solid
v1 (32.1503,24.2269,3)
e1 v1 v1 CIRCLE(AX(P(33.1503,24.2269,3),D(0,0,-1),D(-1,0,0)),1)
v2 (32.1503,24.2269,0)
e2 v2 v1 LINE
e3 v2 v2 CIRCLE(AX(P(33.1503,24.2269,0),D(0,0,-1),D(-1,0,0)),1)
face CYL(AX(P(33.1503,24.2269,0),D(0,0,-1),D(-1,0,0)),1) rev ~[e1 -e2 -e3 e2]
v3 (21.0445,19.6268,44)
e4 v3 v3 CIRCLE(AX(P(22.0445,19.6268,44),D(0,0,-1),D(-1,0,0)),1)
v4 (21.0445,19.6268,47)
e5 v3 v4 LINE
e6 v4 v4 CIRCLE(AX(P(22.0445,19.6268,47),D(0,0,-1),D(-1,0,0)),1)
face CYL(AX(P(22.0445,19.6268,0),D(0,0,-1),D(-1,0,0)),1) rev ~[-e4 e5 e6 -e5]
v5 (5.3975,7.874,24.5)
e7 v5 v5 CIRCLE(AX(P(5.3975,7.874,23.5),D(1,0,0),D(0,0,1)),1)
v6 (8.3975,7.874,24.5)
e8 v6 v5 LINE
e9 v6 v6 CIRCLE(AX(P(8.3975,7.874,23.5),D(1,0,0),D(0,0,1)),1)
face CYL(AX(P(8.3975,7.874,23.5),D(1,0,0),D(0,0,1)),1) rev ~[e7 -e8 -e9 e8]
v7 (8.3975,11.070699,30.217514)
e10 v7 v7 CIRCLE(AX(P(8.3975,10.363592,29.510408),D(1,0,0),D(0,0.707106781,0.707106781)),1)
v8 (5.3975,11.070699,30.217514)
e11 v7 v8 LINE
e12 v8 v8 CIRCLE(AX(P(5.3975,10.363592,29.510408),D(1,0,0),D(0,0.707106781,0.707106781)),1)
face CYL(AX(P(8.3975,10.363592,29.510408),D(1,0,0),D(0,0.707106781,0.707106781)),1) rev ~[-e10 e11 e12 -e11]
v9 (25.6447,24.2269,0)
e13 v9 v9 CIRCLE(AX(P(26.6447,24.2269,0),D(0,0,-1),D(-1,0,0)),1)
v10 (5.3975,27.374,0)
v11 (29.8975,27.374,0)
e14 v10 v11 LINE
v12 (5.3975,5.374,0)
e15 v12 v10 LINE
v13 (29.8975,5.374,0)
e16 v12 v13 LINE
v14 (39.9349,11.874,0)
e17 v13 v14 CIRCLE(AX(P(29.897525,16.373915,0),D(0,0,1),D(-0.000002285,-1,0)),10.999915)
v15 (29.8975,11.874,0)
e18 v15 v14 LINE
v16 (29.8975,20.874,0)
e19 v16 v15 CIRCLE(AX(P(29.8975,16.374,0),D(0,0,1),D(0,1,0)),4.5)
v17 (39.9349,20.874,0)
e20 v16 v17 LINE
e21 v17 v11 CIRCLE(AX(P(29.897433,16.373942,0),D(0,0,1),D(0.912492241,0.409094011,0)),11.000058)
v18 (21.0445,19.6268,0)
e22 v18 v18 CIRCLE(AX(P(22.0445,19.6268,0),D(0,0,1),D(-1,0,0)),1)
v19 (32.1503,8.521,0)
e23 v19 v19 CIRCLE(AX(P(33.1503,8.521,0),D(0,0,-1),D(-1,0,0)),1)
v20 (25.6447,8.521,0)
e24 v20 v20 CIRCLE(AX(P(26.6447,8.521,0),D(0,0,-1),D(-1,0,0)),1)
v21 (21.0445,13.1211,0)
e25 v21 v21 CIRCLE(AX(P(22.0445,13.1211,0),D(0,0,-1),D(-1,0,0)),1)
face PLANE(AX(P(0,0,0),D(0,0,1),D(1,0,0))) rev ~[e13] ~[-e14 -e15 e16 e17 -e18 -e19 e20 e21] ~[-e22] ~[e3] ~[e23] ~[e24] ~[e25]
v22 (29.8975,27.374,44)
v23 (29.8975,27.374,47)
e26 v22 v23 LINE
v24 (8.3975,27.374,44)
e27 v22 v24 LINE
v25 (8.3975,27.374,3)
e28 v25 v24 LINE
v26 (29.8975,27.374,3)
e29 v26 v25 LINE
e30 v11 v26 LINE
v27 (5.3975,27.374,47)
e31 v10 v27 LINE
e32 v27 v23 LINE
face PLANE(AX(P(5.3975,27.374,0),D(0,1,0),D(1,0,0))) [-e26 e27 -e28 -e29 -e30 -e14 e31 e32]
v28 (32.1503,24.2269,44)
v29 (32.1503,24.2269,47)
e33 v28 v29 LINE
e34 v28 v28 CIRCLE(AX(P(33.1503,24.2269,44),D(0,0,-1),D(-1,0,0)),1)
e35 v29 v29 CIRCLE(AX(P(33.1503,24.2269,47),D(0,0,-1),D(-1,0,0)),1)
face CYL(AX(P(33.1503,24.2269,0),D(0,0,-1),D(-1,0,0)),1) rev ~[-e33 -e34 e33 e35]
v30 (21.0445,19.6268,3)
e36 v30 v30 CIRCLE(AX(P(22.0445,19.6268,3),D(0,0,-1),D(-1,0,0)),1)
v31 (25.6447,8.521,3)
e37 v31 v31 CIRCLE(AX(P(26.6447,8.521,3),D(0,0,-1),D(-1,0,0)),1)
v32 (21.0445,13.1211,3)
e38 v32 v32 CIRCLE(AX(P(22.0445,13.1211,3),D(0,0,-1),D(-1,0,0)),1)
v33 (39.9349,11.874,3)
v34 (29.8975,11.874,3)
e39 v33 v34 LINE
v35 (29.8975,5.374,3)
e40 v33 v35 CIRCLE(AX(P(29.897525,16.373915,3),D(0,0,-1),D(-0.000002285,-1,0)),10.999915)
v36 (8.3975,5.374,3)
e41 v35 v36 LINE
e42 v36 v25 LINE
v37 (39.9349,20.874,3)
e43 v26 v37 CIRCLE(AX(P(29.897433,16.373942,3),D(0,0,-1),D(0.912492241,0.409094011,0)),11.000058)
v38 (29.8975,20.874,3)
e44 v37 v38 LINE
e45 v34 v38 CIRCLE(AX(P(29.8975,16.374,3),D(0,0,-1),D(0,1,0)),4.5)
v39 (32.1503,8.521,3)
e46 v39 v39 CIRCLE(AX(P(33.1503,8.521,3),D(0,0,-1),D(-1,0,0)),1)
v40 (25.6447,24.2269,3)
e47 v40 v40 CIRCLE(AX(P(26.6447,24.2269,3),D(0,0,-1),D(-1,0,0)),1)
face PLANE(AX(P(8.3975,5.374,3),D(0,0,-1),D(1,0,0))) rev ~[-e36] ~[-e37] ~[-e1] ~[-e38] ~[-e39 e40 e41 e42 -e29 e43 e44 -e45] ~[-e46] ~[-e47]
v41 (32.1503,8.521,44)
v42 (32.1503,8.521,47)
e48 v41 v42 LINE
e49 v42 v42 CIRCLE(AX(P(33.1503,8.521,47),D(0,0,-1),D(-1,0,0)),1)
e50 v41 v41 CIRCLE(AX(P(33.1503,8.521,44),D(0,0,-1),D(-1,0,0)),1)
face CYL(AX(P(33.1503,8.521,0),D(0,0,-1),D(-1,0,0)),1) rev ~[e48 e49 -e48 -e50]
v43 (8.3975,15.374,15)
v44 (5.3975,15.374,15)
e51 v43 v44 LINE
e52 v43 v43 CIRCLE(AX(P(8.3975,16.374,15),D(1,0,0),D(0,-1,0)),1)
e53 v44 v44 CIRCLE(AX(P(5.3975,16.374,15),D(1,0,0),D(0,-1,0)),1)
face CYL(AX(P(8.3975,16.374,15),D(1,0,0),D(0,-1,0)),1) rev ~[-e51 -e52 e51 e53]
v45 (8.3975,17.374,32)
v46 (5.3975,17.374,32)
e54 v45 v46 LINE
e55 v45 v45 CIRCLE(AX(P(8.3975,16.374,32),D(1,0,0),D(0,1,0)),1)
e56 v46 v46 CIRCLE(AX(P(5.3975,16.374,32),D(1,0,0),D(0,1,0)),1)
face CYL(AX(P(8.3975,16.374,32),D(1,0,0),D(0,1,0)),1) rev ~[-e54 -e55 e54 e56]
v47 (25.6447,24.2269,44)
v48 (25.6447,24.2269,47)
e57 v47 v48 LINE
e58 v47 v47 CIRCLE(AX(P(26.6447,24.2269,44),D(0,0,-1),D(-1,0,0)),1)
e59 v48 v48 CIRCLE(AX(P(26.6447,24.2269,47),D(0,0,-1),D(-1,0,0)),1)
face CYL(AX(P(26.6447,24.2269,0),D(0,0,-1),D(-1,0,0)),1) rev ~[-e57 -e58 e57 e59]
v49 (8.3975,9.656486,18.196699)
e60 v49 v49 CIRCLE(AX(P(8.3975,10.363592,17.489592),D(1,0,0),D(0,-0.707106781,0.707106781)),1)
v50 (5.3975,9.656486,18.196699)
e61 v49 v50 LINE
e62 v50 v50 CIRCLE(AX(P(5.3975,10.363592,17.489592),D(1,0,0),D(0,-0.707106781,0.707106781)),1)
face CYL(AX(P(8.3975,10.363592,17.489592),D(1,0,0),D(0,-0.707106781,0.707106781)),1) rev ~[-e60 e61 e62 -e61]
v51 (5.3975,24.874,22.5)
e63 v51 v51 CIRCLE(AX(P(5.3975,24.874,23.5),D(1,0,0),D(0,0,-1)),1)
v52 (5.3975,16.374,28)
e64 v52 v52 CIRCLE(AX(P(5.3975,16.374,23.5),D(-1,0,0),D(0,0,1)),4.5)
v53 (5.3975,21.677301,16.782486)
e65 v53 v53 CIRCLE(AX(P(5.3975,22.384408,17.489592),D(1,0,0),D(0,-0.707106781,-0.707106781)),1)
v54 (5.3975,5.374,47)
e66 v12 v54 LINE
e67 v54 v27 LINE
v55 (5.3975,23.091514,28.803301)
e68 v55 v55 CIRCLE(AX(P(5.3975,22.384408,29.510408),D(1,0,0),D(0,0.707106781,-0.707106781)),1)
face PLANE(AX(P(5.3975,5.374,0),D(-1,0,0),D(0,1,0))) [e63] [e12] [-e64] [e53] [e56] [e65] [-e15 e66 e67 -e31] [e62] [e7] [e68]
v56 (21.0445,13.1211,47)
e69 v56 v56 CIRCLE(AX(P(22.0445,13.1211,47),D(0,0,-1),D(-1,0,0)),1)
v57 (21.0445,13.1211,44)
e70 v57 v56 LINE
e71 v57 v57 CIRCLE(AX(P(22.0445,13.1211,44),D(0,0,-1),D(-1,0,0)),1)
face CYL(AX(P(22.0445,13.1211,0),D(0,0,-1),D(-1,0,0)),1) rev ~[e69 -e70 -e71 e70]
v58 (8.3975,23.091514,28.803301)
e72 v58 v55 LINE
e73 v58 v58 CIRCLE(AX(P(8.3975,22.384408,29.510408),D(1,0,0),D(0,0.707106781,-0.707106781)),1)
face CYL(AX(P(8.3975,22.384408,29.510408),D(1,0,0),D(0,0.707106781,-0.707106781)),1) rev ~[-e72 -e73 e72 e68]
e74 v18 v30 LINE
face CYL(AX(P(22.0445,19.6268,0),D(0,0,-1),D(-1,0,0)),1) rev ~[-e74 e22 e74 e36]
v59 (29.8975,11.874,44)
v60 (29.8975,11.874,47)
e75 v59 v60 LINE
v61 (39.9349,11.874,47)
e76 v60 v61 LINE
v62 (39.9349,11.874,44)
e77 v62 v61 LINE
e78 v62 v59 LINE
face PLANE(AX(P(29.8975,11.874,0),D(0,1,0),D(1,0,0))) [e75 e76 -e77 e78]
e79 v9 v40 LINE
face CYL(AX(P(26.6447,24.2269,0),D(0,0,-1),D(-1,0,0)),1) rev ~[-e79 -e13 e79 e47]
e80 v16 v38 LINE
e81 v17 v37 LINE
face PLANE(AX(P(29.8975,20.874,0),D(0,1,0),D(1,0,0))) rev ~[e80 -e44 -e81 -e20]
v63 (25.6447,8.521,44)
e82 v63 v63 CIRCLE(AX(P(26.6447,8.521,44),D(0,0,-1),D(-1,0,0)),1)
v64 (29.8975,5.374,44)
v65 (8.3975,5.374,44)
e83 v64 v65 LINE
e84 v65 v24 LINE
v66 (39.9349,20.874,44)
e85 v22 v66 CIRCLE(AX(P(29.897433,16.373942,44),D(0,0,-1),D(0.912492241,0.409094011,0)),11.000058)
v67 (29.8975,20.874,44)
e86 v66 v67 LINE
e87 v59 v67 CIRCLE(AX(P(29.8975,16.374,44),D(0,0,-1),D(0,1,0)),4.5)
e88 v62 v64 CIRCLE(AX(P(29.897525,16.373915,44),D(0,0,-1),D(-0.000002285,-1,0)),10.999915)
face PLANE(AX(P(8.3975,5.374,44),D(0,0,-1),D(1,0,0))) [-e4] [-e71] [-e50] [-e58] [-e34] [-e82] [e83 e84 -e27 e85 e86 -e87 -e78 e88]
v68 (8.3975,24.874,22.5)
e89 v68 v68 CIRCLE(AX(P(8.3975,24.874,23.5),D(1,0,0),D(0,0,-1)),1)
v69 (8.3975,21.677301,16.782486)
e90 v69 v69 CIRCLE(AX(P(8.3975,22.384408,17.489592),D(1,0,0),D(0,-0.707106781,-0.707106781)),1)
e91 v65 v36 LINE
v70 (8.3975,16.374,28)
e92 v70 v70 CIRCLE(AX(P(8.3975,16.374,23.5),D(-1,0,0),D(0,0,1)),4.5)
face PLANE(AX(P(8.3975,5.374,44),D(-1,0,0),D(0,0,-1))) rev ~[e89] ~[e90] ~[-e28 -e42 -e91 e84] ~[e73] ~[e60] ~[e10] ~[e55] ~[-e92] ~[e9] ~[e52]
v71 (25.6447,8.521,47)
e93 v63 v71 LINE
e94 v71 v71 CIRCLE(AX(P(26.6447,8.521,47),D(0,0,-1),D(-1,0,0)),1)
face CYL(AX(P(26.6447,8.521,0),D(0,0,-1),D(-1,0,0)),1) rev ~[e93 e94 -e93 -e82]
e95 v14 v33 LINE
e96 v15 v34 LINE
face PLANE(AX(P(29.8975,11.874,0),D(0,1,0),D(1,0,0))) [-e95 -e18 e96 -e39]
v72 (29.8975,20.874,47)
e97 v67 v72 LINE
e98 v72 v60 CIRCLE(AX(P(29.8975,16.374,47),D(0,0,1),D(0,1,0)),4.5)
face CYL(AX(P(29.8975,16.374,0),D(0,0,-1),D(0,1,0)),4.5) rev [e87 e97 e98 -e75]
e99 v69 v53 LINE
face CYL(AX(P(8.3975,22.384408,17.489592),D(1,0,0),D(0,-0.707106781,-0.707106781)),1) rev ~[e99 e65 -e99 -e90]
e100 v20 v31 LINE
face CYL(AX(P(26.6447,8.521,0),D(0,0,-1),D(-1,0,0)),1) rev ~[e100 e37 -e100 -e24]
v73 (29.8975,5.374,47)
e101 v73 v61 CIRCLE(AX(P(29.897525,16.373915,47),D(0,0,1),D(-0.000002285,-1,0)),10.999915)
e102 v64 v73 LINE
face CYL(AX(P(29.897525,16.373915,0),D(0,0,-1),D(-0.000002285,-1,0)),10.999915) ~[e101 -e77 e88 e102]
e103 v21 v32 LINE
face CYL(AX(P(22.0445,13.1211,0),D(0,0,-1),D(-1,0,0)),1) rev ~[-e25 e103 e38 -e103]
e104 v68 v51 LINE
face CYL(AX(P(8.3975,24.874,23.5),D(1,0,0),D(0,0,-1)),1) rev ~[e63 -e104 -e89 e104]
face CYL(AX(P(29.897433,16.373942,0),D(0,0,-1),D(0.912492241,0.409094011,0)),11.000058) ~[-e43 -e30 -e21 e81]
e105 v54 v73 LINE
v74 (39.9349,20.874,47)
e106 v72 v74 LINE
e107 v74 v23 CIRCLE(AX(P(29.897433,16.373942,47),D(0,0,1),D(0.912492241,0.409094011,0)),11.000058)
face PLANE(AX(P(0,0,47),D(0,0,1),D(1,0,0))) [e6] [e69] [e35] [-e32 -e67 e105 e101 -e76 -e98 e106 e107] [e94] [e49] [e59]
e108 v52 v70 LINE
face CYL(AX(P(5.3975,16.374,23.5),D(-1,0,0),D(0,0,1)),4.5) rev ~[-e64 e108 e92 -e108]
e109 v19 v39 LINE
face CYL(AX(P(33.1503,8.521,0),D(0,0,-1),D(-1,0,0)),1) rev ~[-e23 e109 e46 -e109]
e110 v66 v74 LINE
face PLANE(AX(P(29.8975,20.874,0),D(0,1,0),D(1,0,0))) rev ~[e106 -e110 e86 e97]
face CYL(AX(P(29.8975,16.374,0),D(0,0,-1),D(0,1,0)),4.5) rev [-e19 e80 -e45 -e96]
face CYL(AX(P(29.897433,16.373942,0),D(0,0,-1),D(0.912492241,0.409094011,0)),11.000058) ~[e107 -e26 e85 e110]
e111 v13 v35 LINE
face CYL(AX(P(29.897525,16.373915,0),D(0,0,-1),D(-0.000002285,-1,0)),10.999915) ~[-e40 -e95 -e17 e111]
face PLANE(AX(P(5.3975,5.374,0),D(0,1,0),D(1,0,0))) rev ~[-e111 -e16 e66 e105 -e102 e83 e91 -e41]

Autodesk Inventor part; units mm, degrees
ref_plane "YZ Plane" through (0, 0, 0) normal (1, 0, 0) x (0, 1, 0)
ref_plane "XZ Plane" through (0, 0, 0) normal (0, 1, 0) x (-1, 0, 0)
ref_plane "XY Plane" through (0, 0, 0) normal (0, 0, 1) x (1, 0, 0)
sketch "Sketch1" plane through (0, 0, 0) normal (0, 0, 1) x (1, 0, 0)
  line L0 (5.3975, 5.374) -> (29.8975, 5.374)
  line L1 (5.3975, 27.374) -> (29.8975, 27.374)
  line L2 (5.3975, 5.374) -> (5.3975, 27.374)
  arc A0 (29.8975, 20.874) -> (29.8975, 11.874) centre (29.8975, 16.374) ccw
  line L3 (29.8975, 20.874) -> (39.9349, 20.874)
  line L4 (29.8975, 11.874) -> (39.9349, 11.874)
  arc A1 (29.8975, 5.374) -> (39.9349, 11.874) centre (29.8975, 16.374) ccw
  arc A2 (39.9349, 20.874) -> (29.8975, 27.374) centre (29.8975, 16.374) ccw
  point P0 (0, 0)
  dimension "d0" = 9
extrude "Extrusion1" add sketch "Sketch1" along normal blind 47
sketch "Sketch2" plane through (5.3975, 5.374, 0) normal (0, -1, 0) x (1, 0, 0)
  line L0 (24.5, 47) -> (0, 47) projected
  line L1 (0, 0) -> (0, 47) projected
  line L2 (24.5, 0) -> (24.5, 47) projected
  line L3 (3, 44) -> (34.5374, 44)
  line L4 (34.5374, 0) -> (34.5374, 47) projected
  line L5 (34.5374, 44) -> (34.5374, 3)
  line L6 (3, 44) -> (3, 3)
  line L7 (3, 3) -> (34.5374, 3)
  line L8 (34.5374, 0) -> (24.5, 0) projected
  point P0 (-5.3975, 0)
  dimension "d3" = 3
  dimension "d4" = 3
  dimension "d5" = 3
extrude "Extrusion2" cut sketch "Sketch2" against normal through all contours L7 L6 L3 L2 | L2 L3 L4 L7
sketch "Sketch3" plane through (5.3975, 5.374, 0) normal (-1, 0, 0) x (0, 0, 1)
  circle A0 centre (23.5, 11) radius 4.5
  point P0 (0, -5.374)
  dimension "d8" = 9
extrude "Extrusion3" cut sketch "Sketch3" against normal through all
sketch "Sketch4" plane through (0, 0, 0) normal (0, 0, -1) x (-1, 0, 0)
  line L0 (-5.3975, 5.374) -> (-29.8975, 5.374) projected
  arc A0 (-29.8975, 27.374) -> (-39.9349, 20.874) centre (-29.8975, 16.374) ccw projected
  arc A1 (-29.8975, 11.874) -> (-29.8975, 20.874) centre (-29.8975, 16.374) ccw projected
  arc A2 (-39.9349, 11.874) -> (-29.8975, 5.374) centre (-29.8975, 16.374) ccw projected
  circle A3 centre (-22.0445, 19.6268) radius 1
  line L1 (-29.8975, 16.374) -> (-22.0445, 19.6268)
  circle A4 centre (-26.6447, 24.2269) radius 1
  circle A5 centre (-33.1503, 24.2269) radius 1
  circle A6 centre (-37.7505, 19.6268) radius 1
  circle A7 centre (-37.7505, 13.1211) radius 1
  circle A8 centre (-33.1503, 8.521) radius 1
  circle A9 centre (-26.6447, 8.521) radius 1
  circle A10 centre (-22.0445, 13.1211) radius 1
  point P0 (0, 0)
  dimension "d11" = 2
  dimension "d12" = 8.5
  dimension "d13" = 22.5
  dimension "d16" = 360
extrude "Extrusion4" cut sketch "Sketch4" against normal through all contours A3 | A4 | A5 | A8 | A9 | A10
sketch "Sketch5" plane through (8.3975, 5.374, 44) normal (1, 0, 0) x (0, 0, -1)
  circle A0 centre (20.5, 11) radius 4.5 projected
  circle A1 centre (20.5, 19.5) radius 1
  point P0 (44, -5.374)
  dimension "d20" = 2
  dimension "d21" = 8.5
extrude "Extrusion5" cut sketch "Sketch5" against normal through all contours A1
pattern_circular "Circular Pattern1" count 8 over 360 about axis through (5.3975, 16.374, 23.5) along (1, 0, 0) of "Extrusion5"
properties part number "Shoulder" material "Aluminum-6061"
